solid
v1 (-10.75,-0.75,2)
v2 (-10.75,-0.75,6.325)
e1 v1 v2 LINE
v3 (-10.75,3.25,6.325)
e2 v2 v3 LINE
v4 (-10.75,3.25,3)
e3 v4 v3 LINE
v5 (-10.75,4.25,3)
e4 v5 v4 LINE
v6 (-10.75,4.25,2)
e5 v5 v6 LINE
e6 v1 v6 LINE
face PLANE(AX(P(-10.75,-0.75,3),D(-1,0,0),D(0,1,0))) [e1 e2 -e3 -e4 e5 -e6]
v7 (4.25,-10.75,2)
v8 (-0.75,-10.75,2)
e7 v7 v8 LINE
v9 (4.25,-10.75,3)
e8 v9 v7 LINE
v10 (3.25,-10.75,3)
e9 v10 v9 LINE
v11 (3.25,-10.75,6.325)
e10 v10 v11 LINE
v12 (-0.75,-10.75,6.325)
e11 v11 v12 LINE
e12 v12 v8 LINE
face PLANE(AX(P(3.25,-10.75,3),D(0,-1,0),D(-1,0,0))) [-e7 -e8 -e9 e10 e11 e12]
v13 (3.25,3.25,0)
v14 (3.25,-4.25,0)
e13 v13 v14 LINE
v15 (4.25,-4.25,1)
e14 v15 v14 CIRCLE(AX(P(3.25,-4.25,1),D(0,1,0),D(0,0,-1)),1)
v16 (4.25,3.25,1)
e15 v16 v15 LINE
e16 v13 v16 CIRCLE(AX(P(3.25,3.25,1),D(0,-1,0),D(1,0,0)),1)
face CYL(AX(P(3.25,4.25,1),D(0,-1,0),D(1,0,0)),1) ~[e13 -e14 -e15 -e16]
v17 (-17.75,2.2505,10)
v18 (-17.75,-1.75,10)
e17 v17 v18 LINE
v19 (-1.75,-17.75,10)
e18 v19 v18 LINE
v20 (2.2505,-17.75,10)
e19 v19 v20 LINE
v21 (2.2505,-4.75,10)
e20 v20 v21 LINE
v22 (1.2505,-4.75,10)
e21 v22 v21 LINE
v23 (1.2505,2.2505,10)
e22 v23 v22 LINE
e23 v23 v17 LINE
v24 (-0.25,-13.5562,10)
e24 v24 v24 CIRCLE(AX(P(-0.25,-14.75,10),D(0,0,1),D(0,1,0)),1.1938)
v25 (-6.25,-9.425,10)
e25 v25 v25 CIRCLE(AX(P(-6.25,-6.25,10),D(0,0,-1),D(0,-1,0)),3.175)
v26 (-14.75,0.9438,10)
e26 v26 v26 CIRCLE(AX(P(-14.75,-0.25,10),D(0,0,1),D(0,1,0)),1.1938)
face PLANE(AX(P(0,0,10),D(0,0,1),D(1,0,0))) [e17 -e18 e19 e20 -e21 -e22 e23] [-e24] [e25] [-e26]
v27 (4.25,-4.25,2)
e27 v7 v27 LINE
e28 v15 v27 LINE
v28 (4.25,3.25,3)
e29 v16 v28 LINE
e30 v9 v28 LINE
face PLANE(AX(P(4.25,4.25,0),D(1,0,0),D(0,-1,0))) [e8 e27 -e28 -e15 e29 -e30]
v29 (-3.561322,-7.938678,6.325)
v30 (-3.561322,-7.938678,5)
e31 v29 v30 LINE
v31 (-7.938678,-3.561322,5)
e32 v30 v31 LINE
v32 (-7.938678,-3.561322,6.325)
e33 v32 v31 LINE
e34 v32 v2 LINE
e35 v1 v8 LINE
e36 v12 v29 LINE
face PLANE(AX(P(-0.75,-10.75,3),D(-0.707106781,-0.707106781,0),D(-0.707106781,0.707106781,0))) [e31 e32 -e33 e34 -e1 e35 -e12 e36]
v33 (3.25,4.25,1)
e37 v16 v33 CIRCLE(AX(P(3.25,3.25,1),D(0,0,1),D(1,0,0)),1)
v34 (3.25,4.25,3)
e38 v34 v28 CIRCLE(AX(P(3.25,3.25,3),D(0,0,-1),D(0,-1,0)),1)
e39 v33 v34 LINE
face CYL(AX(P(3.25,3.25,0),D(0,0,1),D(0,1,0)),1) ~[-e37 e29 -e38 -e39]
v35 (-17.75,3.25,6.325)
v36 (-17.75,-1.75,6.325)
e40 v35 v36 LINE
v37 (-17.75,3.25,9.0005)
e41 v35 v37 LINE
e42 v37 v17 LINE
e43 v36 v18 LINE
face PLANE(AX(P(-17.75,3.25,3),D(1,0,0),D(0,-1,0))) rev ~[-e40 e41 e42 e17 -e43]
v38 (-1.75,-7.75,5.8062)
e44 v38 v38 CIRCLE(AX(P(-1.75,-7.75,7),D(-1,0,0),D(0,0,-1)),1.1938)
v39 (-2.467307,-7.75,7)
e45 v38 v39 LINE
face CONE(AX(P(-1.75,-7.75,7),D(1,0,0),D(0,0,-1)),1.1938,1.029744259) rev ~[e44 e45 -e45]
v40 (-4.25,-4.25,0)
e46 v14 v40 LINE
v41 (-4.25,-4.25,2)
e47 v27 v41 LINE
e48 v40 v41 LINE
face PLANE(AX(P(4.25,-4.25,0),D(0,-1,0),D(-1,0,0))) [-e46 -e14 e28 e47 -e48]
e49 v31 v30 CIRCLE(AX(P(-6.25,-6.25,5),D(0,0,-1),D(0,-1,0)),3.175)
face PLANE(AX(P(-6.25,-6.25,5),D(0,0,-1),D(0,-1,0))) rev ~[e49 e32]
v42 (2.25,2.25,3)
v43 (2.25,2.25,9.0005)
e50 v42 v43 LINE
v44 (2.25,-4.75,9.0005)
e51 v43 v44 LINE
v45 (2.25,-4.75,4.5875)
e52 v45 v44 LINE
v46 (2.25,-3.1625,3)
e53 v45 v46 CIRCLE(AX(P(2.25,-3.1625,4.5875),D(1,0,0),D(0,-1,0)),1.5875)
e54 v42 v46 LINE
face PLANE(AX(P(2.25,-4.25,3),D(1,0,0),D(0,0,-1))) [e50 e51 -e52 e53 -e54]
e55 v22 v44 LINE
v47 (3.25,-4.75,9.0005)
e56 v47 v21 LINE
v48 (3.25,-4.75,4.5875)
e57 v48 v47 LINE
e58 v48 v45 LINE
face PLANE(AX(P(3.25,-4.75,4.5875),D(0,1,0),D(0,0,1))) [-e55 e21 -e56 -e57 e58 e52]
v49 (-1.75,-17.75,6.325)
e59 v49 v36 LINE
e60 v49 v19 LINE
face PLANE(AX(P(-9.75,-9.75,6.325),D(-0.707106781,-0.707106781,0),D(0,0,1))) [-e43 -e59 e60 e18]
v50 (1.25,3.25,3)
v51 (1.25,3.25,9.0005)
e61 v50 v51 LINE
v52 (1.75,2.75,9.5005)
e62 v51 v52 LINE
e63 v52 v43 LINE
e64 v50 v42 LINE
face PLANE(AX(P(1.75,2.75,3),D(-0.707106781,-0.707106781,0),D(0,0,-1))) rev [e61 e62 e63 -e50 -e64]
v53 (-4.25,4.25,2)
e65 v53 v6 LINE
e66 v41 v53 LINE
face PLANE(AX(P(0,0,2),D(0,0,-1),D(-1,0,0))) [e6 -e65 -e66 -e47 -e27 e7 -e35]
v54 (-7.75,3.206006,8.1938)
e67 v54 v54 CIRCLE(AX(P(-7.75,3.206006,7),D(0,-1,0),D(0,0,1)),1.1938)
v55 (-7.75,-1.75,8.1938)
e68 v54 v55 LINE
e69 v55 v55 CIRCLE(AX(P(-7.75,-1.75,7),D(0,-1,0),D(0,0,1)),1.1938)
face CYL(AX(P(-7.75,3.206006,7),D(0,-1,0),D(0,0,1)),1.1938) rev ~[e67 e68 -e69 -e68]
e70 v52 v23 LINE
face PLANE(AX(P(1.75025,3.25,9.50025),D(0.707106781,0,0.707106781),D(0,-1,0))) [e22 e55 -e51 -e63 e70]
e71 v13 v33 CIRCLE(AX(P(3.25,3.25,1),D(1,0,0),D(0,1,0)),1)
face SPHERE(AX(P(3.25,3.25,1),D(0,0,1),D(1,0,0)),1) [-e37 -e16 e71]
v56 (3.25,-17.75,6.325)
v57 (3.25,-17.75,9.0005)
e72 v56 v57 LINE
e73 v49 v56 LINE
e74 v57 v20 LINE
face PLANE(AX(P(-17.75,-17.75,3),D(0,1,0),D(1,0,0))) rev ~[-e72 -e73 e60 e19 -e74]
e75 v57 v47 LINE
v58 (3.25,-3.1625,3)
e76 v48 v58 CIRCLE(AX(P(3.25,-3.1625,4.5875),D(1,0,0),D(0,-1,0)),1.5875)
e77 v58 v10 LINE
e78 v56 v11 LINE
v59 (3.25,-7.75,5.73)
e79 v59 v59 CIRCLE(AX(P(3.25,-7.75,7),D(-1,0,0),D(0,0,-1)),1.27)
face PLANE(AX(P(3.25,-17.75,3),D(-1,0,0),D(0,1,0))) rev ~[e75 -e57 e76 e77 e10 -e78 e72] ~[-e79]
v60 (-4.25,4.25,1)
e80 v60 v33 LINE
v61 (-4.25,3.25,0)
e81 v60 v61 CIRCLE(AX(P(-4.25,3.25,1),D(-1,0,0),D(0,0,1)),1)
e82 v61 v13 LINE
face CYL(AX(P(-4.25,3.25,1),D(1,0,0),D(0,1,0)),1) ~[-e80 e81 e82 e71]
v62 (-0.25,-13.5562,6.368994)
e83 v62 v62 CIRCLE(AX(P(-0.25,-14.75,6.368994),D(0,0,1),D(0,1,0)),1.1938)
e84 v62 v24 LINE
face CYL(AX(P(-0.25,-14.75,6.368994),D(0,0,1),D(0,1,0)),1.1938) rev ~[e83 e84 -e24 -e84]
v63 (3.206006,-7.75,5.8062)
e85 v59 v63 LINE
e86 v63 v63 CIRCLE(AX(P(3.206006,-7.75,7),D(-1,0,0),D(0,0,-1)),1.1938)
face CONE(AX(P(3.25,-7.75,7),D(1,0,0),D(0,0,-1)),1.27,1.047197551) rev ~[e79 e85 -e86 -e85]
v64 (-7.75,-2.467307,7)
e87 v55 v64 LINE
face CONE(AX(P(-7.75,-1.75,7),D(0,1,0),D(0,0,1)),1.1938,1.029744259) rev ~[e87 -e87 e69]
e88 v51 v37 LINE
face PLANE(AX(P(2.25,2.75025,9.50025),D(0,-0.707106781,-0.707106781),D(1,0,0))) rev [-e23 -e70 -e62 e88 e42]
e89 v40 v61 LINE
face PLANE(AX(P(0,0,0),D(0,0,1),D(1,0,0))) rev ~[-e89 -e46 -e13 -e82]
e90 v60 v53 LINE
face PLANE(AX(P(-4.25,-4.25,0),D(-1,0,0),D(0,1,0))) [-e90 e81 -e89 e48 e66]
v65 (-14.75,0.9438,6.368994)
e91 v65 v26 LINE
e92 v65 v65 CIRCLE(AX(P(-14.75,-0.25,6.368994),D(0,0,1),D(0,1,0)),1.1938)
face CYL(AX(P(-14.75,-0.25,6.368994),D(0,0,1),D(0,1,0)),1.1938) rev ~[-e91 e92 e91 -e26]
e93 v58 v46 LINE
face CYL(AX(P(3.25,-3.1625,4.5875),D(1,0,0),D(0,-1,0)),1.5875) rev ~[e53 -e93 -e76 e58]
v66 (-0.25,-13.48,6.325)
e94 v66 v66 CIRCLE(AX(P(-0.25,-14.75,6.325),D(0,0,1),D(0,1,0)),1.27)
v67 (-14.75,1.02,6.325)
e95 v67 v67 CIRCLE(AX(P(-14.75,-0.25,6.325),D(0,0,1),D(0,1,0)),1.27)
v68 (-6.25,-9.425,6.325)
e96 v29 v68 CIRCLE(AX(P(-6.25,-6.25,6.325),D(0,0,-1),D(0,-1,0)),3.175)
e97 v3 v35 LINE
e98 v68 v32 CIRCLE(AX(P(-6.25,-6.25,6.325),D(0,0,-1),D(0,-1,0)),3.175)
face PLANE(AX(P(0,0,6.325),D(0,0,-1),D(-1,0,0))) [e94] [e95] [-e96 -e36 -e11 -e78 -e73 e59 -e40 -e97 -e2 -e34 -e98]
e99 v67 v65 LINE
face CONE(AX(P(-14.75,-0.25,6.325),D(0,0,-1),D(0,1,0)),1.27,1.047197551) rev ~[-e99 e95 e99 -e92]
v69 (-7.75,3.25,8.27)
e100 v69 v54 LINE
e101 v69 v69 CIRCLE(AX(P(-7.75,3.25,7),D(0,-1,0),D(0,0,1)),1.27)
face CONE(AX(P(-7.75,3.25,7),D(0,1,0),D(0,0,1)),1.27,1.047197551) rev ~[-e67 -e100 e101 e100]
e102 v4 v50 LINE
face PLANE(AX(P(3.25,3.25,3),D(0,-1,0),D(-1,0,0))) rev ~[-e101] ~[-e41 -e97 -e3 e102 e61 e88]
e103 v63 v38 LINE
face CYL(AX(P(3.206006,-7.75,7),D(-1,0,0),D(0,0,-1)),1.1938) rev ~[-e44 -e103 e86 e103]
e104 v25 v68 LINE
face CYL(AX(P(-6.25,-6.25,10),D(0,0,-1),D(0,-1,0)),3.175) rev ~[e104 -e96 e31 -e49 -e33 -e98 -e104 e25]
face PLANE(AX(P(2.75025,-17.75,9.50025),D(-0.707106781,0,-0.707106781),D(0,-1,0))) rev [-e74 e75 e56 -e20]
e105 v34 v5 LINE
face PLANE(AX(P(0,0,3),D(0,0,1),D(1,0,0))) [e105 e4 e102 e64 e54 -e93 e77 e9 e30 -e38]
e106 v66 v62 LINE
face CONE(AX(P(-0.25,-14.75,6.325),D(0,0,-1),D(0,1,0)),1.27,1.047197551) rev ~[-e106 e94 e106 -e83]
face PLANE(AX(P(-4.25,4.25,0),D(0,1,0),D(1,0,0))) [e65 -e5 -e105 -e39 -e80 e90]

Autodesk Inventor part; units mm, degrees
ref_plane "YZ Plane" through (0, 0, 0) normal (1, 0, 0) x (0, 1, 0)
ref_plane "XZ Plane" through (0, 0, 0) normal (0, 1, 0) x (-1, 0, 0)
ref_plane "XY Plane" through (0, 0, 0) normal (0, 0, 1) x (1, 0, 0)
sketch "Sketch1" plane through (0, 0, 0) normal (0, 0, 1) x (1, 0, 0)
  line L0 (-4.25, 4.25) -> (4.25, 4.25)
  line L1 (4.25, 4.25) -> (4.25, -4.25)
  line L2 (4.25, -4.25) -> (-4.25, -4.25)
  line L3 (-4.25, -4.25) -> (-4.25, 4.25)
  point P0 (0, 0)
  dimension "d0" = 8.5
  dimension "d1" = 8.5
  dimension "d2" = 4.25
  dimension "d3" = 4.25
extrude "Extrusion1" add sketch "Sketch1" along normal blind 3
fillet "Fillet2" radius 1 3 edges at (4.25, 4.25, 1.5) (4.25, 0, 0) (0, 4.25, 0)
sketch "Sketch10" plane through (0, 0, 3) normal (0, 0, 1) x (1, 0, 0)
  line L0 (4.25, 3.25) -> (4.25, -4.25) projected
  line L1 (-4.25, 4.25) -> (3.25, 4.25) projected
  line L2 (3.25, 3.25) -> (-17.75, 3.25)
  line L3 (-17.75, 3.25) -> (-17.75, -17.75)
  line L4 (-17.75, -17.75) -> (3.25, -17.75)
  line L5 (3.25, -17.75) -> (3.25, 3.25)
  point P0 (0, 0)
  dimension "d113" = 1
  dimension "d114" = 1
  dimension "d115" = 21
  dimension "d116" = 21
extrude "Extrusion8" add sketch "Sketch10" along normal blind 7
hole "Hole9" at (3.25, -7.75, 7) direction (-1, 0, 0) diameter 2.3876 depth 5 tip angle 118 countersink diameter 2.54 countersink angle 120
hole "Hole10" at (-7.75, 3.25, 7) direction (0, -1, 0) diameter 2.3876 depth 5 tip angle 118 countersink diameter 2.54 countersink angle 120
hole "Hole11" at (-6.25, -6.25, 10) direction (0, 0, -1) diameter 6.35 depth 5
sketch "Sketch11" plane through (0, 0, 3) normal (0, 0, -1) x (-1, 0, 0)
  line L0 (17.75, -17.75) -> (-3.25, -17.75) projected
  line L1 (17.75, 3.25) -> (17.75, -17.75) projected
  line L2 (4.25, 3.25) -> (17.75, 3.25) projected
  line L3 (10.75, 3.25) -> (17.75, 3.25)
  line L4 (17.75, 3.25) -> (17.75, -17.75)
  line L5 (17.75, -17.75) -> (-3.25, -17.75)
  line L6 (-3.25, -17.75) -> (-3.25, -10.75)
  line L7 (-3.25, -10.75) -> (0.75, -10.75)
  line L8 (0.75, -10.75) -> (10.75, -0.75)
  line L9 (10.75, -0.75) -> (10.75, 3.25)
  point P0 (0, 0)
  dimension "d146" = 14
  dimension "d158" = 4
extrude "Extrusion9" cut sketch "Sketch11" against normal blind 3.325
hole "Hole12" at (-0.25, -14.75, 6.325) direction (0, 0, 1) diameter 2.3876 end through all countersink diameter 2.54 countersink angle 120
hole "Hole13" at (-14.75, -0.25, 6.325) direction (0, 0, 1) diameter 2.3876 end through all countersink diameter 2.54 countersink angle 120
chamfer "Chamfer3" distance 16 angle 45 1 edges at (-17.75, -17.75, 8.1625)
hole "Hole14" [suppressed]
sketch "Sketch14" plane through (3.25, -4.25, 3) normal (1, 0, 0) x (0, 0, -1)
  line L0 (0, 7.5) -> (0, 0) projected
  line L1 (0, 7.5) -> (-7, 7.5) projected
  line L2 (-7, 7.5) -> (-7, -13.5) projected
  line L3 (-7, 7.5) -> (0, 7.5)
  line L4 (0, 7.5) -> (0, 1.0875)
  line L5 (-1.5875, -0.5) -> (-7, -0.5)
  line L6 (-7, -0.5) -> (-7, 7.5)
  arc A0 (-1.5875, -0.5) -> (0, 1.0875) centre (-1.5875, 1.0875) ccw
  point P0 (3, 4.25)
  dimension "d180" = 8
  dimension "d181" = 1.5875
extrude "Extrusion10" cut sketch "Sketch14" against normal blind 1
chamfer "Chamfer4" distance 1 angle 45 3 edges at (-7.75, 3.25, 10) (2.25, -0.75, 10) (3.25, -11.25, 10)
chamfer "Chamfer5" distance 1 angle 45 1 edges at (2.25, 3.25, 6.0003)
sketch "Sketch15" plane through (0, 0, 3) normal (0, 0, -1) x (-1, 0, 0)
  line L0 (-3.25, -10.75) -> (0.75, -10.75) projected
  line L1 (10.75, -0.75) -> (10.75, 3.25) projected
  line L2 (4.25, 3.25) -> (10.75, 3.25) projected
  line L3 (4.25, -4.25) -> (4.25, 3.25) projected
  line L4 (-3.25, -4.25) -> (4.25, -4.25) projected
  line L5 (-3.25, -10.75) -> (-3.25, -4.25) projected
  line L6 (4.25, 4.25) -> (10.75, 4.25)
  line L7 (10.75, 4.25) -> (10.75, -0.75)
  line L8 (10.75, -0.75) -> (0.75, -10.75)
  line L9 (0.75, -10.75) -> (-4.25, -10.75)
  line L10 (-4.25, -10.75) -> (-4.25, -4.25)
  line L11 (-4.25, -4.25) -> (4.25, -4.25)
  line L12 (4.25, -4.25) -> (4.25, 4.25)
  point P0 (0, 0)
  dimension "d190" = 1
  dimension "d191" = 1
extrude "Extrusion11" add sketch "Sketch15" along normal blind 1
properties part number "nub_plusZ_3" material "Aluminum-6061"
